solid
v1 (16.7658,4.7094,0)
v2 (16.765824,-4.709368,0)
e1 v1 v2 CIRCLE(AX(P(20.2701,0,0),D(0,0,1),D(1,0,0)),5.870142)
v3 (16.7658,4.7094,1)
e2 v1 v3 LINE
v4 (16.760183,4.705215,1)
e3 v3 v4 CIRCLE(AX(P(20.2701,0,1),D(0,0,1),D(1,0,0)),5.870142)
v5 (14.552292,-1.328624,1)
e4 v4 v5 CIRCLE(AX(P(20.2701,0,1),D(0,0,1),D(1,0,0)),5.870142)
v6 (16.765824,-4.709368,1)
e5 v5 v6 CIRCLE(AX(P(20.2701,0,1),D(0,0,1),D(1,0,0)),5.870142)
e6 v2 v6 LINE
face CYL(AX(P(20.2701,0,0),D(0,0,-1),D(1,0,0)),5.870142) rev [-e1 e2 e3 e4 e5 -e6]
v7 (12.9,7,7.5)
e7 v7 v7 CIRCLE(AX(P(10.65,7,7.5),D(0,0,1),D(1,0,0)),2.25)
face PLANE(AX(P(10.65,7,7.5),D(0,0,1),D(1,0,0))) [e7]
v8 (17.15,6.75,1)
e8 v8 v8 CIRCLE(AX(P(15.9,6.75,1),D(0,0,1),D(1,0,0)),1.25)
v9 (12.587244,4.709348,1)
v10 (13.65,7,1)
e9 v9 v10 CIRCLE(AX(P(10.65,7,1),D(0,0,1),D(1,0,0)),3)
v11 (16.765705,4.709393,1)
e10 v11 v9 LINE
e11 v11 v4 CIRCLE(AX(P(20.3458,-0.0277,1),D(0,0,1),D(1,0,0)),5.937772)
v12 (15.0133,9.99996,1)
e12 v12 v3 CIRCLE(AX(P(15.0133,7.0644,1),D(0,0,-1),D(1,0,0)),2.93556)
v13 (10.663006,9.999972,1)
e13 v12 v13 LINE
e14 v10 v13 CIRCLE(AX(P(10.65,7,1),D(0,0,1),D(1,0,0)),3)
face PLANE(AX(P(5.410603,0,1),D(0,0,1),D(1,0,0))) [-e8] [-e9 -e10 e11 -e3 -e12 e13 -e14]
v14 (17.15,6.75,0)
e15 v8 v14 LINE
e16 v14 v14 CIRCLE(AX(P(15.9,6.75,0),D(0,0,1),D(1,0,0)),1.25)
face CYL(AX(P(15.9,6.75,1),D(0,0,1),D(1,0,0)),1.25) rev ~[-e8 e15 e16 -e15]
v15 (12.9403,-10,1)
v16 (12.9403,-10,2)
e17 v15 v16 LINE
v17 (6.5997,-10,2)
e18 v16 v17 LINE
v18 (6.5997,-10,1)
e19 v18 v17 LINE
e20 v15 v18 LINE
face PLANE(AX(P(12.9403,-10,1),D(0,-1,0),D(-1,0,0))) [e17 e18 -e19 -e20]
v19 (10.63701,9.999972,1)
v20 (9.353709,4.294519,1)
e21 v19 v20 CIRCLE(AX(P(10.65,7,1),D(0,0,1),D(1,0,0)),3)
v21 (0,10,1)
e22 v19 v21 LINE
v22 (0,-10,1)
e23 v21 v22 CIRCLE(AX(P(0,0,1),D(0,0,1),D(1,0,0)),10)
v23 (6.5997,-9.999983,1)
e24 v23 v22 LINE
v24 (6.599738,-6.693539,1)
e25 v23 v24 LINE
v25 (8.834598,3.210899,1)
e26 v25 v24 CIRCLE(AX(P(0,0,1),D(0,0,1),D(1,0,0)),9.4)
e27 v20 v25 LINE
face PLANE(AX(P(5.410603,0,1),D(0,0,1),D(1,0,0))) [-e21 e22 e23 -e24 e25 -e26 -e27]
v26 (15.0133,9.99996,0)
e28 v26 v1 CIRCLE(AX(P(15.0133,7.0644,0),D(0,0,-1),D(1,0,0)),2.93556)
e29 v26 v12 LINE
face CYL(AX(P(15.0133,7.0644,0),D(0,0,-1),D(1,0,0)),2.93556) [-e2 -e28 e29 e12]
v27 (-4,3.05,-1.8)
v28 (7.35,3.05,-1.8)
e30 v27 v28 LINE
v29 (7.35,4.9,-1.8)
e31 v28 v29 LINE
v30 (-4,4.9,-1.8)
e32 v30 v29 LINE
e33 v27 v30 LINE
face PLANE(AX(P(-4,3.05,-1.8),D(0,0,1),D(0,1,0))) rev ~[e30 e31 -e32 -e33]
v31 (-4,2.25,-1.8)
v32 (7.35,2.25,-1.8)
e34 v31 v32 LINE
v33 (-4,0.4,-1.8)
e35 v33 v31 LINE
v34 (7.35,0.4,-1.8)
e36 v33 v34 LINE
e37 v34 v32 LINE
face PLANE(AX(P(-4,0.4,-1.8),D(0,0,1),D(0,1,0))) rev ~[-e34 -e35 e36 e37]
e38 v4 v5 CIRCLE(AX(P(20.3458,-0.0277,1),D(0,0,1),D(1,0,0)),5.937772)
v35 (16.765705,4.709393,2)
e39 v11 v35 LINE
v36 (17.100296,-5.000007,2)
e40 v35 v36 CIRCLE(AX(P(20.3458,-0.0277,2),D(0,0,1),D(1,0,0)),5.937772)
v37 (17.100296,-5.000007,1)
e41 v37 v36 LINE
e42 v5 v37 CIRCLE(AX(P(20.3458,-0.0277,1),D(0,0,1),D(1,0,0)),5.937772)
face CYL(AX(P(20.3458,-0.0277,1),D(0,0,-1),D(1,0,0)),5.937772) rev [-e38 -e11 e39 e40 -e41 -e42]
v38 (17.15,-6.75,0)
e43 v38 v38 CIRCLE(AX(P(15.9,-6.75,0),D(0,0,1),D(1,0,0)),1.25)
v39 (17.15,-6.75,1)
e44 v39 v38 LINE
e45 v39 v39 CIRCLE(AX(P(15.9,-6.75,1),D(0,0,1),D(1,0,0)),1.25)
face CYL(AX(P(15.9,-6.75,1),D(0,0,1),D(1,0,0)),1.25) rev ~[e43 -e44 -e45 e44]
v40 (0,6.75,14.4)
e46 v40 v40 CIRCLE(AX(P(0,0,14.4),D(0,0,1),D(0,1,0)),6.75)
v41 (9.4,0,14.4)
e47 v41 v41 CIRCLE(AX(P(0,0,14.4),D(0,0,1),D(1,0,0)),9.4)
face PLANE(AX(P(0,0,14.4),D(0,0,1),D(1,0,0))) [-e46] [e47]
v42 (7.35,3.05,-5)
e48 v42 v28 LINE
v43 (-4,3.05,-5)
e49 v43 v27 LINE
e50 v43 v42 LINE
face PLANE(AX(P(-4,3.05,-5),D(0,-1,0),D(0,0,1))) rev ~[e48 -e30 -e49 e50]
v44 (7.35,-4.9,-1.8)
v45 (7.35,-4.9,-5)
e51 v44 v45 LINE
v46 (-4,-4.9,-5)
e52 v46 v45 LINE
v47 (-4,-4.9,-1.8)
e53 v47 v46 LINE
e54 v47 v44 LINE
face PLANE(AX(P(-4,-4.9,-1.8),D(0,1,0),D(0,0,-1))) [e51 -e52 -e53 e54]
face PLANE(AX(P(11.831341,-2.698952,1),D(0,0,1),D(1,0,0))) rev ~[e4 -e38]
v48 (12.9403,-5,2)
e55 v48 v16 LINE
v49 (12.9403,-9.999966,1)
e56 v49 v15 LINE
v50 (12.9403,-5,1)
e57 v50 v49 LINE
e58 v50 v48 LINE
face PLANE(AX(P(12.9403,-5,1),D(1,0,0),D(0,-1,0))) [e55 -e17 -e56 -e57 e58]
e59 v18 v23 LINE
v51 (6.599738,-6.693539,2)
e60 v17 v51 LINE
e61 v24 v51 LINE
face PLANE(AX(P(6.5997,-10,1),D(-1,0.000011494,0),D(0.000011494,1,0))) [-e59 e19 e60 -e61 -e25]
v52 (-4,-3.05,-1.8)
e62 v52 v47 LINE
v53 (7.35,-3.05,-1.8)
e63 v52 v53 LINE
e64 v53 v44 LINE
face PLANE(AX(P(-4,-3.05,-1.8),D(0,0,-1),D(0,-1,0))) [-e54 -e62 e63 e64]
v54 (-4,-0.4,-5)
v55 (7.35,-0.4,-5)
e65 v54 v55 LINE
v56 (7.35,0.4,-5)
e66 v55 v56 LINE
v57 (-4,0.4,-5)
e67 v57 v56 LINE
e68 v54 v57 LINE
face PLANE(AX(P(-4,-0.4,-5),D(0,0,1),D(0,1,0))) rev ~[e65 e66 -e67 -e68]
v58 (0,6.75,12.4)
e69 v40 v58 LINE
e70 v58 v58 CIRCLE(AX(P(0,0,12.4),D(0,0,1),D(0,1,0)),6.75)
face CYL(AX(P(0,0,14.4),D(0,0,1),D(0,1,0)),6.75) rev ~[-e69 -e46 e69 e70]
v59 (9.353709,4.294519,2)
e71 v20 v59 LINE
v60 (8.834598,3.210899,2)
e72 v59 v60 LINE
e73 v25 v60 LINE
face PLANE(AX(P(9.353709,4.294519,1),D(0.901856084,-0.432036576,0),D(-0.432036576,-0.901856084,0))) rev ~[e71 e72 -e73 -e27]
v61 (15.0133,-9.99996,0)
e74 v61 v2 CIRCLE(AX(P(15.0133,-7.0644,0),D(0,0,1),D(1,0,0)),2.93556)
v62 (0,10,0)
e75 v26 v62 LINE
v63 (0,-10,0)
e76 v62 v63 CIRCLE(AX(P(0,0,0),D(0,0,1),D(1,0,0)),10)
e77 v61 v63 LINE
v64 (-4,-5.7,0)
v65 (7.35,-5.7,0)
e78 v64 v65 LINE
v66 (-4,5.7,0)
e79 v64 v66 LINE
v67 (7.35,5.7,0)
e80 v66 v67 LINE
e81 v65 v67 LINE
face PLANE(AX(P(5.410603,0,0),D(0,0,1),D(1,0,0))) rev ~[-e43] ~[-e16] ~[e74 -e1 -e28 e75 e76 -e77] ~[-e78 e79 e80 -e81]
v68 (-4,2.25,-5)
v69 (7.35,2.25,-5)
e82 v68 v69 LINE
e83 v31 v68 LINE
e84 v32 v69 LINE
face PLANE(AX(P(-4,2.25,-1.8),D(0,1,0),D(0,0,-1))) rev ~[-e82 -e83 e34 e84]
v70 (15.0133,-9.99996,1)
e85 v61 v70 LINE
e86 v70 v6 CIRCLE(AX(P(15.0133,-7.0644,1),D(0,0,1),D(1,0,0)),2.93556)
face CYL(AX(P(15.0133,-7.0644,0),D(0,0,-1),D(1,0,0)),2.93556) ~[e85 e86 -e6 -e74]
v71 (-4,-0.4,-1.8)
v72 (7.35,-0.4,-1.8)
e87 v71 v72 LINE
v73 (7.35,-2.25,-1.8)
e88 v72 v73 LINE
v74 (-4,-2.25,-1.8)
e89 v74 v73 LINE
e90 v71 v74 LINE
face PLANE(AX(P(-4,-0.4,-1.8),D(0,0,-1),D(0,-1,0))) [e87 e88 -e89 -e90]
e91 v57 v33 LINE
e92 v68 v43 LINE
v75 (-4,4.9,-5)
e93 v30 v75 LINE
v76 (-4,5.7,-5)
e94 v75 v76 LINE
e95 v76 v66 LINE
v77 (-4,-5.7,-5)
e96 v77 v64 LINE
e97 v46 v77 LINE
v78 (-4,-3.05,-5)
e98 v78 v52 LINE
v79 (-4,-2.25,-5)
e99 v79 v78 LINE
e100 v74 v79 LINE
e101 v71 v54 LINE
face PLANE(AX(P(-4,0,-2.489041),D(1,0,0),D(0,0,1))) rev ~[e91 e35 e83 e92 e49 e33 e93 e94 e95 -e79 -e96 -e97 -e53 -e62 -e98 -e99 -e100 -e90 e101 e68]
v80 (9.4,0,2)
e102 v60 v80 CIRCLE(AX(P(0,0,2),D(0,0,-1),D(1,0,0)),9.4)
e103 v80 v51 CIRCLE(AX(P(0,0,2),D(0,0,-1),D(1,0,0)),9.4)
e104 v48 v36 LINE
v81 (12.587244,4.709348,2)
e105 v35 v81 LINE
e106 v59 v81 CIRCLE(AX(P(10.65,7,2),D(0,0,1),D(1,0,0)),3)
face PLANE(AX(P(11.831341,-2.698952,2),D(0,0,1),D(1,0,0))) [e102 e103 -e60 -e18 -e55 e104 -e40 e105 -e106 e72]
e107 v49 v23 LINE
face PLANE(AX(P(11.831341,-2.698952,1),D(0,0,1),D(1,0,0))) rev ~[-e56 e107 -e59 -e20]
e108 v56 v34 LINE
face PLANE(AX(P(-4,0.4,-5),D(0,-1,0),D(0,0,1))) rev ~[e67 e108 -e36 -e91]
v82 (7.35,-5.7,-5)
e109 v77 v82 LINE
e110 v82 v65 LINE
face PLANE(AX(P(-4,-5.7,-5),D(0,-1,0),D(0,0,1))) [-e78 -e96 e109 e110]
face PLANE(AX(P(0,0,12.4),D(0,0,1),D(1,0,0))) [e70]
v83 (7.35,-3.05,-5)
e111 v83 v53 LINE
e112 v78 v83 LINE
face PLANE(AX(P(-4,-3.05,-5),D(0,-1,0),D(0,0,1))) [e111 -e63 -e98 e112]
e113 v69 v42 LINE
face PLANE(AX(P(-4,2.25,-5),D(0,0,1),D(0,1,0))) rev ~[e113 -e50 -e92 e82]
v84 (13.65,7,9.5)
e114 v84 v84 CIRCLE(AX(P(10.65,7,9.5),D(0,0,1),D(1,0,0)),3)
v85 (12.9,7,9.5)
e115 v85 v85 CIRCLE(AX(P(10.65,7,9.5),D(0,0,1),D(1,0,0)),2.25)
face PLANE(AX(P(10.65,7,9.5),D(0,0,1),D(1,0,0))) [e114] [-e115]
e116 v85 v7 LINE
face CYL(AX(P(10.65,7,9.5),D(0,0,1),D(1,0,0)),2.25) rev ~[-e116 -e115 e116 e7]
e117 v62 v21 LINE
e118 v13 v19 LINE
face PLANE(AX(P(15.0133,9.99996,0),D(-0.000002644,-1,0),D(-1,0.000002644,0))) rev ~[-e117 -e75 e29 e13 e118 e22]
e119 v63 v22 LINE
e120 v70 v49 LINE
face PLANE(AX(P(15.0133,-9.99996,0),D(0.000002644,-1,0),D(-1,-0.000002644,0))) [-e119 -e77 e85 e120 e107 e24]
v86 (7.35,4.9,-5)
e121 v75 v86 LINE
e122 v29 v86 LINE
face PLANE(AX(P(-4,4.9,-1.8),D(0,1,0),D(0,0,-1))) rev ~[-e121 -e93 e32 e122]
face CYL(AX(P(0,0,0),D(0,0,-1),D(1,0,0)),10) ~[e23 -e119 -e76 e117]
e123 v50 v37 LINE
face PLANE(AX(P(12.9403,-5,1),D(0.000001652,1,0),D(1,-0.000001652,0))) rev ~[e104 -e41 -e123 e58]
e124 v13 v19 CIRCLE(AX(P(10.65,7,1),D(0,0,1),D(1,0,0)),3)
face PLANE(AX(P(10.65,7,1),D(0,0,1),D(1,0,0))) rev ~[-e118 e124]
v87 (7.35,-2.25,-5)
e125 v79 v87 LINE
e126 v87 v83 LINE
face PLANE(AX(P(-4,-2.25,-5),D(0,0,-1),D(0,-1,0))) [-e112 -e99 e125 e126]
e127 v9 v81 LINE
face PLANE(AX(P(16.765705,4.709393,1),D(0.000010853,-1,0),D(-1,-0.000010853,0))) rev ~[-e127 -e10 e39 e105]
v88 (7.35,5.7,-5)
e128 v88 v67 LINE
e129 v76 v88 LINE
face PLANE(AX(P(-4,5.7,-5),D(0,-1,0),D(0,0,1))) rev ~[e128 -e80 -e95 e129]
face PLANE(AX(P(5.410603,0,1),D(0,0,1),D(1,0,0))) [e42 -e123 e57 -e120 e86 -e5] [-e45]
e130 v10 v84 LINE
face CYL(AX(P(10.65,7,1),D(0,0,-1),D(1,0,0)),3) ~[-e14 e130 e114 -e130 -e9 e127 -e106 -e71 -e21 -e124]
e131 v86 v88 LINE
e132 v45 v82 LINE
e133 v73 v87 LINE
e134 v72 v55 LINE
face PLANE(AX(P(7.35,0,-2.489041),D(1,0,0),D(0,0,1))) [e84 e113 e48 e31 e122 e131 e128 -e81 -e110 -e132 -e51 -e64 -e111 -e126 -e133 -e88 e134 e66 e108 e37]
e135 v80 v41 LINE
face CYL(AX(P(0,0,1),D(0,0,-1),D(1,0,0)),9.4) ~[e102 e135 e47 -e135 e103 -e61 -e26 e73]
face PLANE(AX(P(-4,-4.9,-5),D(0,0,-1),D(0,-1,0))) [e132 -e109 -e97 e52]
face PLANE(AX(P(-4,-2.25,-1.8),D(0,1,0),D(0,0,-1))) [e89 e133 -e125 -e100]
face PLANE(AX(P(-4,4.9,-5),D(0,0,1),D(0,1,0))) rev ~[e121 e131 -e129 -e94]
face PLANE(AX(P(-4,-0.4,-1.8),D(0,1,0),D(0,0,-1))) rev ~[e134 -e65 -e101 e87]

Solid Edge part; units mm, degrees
sketch "Sketch1" plane through (0, 0, 0) normal (0, 0, 1) x (1, 0, 0)
  line L0 (15.0133, 10) -> (0, 10)
  arc A0 (0, 10) -> (0, -10) centre (0, 0) ccw
  line L1 (15.0133, -10) -> (0, -10)
  arc A1 (15.0133, -10) -> (16.7658, -4.7094) centre (15.0133, -7.0644) ccw
  arc A2 (16.7658, 4.7094) -> (16.7658, -4.7094) centre (20.2701, 0) ccw
  arc A3 (15.0133, 10) -> (16.7658, 4.7094) centre (15.0133, 7.0644) cw
  dimension "D1" = 20
  dimension "D2" = 24.4
  dimension "D3" = 27.8
extrude "Protrusion1" add sketch "Sketch1" along normal blind 1
sketch "Sketch2" plane through (4.4364, -0.0219, 1) normal (0, 0, 1) x (1, 0, 0)
  circle A0 centre (11.4636, -6.7281) radius 1.25
  circle A1 centre (11.4636, 6.7719) radius 1.25
  dimension "D1" = 2.5
  dimension "D2" = 13.5
  dimension "D3" = 1.5
extrude "Cutout1" cut sketch "Sketch2" against normal through all
sketch "Sketch3" plane through (3.9744, 0, 1) normal (0, 0, 1) x (1, 0, 0)
  circle A0 centre (6.6756, 7) radius 3
  dimension "D1" = 6
  dimension "D2" = 1
extrude "infraredsensor" add sketch "Sketch3" along normal blind 8.5
sketch "Sketch4" plane through (3.9744, 0, 1) normal (0, 0, 1) x (1, 0, 0)
  circle A0 centre (-3.9744, 0) radius 9.4
  dimension "D1" = 18.8
extrude "big_round_thing" add sketch "Sketch4" along normal blind 13.4
sketch "Sketch5" plane through (3.9744, 0, 1) normal (0, 0, 1) x (1, 0, 0)
  line L0 (12.7913, 4.7094) -> (8.6128, 4.7094)
  arc A0 (5.3793, 4.2945) -> (8.6128, 4.7094) centre (6.6756, 7) ccw
  line L1 (5.3793, 4.2945) -> (4.8602, 3.2109)
  arc A1 (4.8602, 3.2109) -> (2.6253, -6.6935) centre (-3.9744, 0) cw
  line L2 (2.6253, -10) -> (2.6253, -6.6935)
  line L3 (8.9659, -10) -> (2.6253, -10)
  line L4 (8.9659, -5) -> (8.9659, -10)
  line L5 (8.9659, -5) -> (13.1259, -5)
  arc A2 (12.7913, 4.7094) -> (13.1259, -5) centre (16.3714, -0.0277) ccw
  dimension "D1" = 5
  dimension "D2" = 5
extrude "microchips" add sketch "Sketch5" along normal blind 1
sketch "Sketch6" plane through (-4, 0, 0) normal (1, 0, 0) x (0, 1, 0)
  line L0 (-0.4, -1.8) -> (-0.4, -5)
  line L1 (-0.4, -5) -> (0.4, -5)
  line L2 (0.4, -5) -> (0.4, -1.8)
  line L3 (0.4, -1.8) -> (2.25, -1.8)
  line L4 (2.25, -1.8) -> (2.25, -5)
  line L5 (2.25, -5) -> (3.05, -5)
  line L6 (3.05, -5) -> (3.05, -1.8)
  line L7 (3.05, -1.8) -> (4.9, -1.8)
  line L8 (4.9, -1.8) -> (4.9, -5)
  line L9 (4.9, -5) -> (5.7, -5)
  line L10 (5.7, -5) -> (5.7, 0)
  line L11 (-5.7, 0) -> (5.7, 0)
  line L12 (-5.7, -5) -> (-5.7, 0)
  line L13 (-4.9, -5) -> (-5.7, -5)
  line L14 (-4.9, -1.8) -> (-4.9, -5)
  line L15 (-3.05, -1.8) -> (-4.9, -1.8)
  line L16 (-3.05, -5) -> (-3.05, -1.8)
  line L17 (-2.25, -5) -> (-3.05, -5)
  line L18 (-2.25, -1.8) -> (-2.25, -5)
  line L19 (-0.4, -1.8) -> (-2.25, -1.8)
  dimension "D1" = 4.5
  dimension "D2" = 0.8
  dimension "D3" = 5
  dimension "D4" = 3.2
extrude "cooler" add sketch "Sketch6" along normal blind 11.35
sketch "Sketch7" plane through (0, 0, 14.4) normal (0, 0, 1) x (0, 1, 0)
  circle A0 centre (0, 0) radius 6.75
  dimension "D1" = 13.5
extrude "big_round_thing_cut" cut sketch "Sketch7" against normal blind 2
sketch "Sketch8" plane through (10.65, 7, 9.5) normal (0, 0, 1) x (1, 0, 0)
  circle A0 centre (0, 0) radius 2.25
  dimension "D1" = 4.5
extrude "Extrusionsausschnitt_3" cut sketch "Sketch8" against normal blind 2
